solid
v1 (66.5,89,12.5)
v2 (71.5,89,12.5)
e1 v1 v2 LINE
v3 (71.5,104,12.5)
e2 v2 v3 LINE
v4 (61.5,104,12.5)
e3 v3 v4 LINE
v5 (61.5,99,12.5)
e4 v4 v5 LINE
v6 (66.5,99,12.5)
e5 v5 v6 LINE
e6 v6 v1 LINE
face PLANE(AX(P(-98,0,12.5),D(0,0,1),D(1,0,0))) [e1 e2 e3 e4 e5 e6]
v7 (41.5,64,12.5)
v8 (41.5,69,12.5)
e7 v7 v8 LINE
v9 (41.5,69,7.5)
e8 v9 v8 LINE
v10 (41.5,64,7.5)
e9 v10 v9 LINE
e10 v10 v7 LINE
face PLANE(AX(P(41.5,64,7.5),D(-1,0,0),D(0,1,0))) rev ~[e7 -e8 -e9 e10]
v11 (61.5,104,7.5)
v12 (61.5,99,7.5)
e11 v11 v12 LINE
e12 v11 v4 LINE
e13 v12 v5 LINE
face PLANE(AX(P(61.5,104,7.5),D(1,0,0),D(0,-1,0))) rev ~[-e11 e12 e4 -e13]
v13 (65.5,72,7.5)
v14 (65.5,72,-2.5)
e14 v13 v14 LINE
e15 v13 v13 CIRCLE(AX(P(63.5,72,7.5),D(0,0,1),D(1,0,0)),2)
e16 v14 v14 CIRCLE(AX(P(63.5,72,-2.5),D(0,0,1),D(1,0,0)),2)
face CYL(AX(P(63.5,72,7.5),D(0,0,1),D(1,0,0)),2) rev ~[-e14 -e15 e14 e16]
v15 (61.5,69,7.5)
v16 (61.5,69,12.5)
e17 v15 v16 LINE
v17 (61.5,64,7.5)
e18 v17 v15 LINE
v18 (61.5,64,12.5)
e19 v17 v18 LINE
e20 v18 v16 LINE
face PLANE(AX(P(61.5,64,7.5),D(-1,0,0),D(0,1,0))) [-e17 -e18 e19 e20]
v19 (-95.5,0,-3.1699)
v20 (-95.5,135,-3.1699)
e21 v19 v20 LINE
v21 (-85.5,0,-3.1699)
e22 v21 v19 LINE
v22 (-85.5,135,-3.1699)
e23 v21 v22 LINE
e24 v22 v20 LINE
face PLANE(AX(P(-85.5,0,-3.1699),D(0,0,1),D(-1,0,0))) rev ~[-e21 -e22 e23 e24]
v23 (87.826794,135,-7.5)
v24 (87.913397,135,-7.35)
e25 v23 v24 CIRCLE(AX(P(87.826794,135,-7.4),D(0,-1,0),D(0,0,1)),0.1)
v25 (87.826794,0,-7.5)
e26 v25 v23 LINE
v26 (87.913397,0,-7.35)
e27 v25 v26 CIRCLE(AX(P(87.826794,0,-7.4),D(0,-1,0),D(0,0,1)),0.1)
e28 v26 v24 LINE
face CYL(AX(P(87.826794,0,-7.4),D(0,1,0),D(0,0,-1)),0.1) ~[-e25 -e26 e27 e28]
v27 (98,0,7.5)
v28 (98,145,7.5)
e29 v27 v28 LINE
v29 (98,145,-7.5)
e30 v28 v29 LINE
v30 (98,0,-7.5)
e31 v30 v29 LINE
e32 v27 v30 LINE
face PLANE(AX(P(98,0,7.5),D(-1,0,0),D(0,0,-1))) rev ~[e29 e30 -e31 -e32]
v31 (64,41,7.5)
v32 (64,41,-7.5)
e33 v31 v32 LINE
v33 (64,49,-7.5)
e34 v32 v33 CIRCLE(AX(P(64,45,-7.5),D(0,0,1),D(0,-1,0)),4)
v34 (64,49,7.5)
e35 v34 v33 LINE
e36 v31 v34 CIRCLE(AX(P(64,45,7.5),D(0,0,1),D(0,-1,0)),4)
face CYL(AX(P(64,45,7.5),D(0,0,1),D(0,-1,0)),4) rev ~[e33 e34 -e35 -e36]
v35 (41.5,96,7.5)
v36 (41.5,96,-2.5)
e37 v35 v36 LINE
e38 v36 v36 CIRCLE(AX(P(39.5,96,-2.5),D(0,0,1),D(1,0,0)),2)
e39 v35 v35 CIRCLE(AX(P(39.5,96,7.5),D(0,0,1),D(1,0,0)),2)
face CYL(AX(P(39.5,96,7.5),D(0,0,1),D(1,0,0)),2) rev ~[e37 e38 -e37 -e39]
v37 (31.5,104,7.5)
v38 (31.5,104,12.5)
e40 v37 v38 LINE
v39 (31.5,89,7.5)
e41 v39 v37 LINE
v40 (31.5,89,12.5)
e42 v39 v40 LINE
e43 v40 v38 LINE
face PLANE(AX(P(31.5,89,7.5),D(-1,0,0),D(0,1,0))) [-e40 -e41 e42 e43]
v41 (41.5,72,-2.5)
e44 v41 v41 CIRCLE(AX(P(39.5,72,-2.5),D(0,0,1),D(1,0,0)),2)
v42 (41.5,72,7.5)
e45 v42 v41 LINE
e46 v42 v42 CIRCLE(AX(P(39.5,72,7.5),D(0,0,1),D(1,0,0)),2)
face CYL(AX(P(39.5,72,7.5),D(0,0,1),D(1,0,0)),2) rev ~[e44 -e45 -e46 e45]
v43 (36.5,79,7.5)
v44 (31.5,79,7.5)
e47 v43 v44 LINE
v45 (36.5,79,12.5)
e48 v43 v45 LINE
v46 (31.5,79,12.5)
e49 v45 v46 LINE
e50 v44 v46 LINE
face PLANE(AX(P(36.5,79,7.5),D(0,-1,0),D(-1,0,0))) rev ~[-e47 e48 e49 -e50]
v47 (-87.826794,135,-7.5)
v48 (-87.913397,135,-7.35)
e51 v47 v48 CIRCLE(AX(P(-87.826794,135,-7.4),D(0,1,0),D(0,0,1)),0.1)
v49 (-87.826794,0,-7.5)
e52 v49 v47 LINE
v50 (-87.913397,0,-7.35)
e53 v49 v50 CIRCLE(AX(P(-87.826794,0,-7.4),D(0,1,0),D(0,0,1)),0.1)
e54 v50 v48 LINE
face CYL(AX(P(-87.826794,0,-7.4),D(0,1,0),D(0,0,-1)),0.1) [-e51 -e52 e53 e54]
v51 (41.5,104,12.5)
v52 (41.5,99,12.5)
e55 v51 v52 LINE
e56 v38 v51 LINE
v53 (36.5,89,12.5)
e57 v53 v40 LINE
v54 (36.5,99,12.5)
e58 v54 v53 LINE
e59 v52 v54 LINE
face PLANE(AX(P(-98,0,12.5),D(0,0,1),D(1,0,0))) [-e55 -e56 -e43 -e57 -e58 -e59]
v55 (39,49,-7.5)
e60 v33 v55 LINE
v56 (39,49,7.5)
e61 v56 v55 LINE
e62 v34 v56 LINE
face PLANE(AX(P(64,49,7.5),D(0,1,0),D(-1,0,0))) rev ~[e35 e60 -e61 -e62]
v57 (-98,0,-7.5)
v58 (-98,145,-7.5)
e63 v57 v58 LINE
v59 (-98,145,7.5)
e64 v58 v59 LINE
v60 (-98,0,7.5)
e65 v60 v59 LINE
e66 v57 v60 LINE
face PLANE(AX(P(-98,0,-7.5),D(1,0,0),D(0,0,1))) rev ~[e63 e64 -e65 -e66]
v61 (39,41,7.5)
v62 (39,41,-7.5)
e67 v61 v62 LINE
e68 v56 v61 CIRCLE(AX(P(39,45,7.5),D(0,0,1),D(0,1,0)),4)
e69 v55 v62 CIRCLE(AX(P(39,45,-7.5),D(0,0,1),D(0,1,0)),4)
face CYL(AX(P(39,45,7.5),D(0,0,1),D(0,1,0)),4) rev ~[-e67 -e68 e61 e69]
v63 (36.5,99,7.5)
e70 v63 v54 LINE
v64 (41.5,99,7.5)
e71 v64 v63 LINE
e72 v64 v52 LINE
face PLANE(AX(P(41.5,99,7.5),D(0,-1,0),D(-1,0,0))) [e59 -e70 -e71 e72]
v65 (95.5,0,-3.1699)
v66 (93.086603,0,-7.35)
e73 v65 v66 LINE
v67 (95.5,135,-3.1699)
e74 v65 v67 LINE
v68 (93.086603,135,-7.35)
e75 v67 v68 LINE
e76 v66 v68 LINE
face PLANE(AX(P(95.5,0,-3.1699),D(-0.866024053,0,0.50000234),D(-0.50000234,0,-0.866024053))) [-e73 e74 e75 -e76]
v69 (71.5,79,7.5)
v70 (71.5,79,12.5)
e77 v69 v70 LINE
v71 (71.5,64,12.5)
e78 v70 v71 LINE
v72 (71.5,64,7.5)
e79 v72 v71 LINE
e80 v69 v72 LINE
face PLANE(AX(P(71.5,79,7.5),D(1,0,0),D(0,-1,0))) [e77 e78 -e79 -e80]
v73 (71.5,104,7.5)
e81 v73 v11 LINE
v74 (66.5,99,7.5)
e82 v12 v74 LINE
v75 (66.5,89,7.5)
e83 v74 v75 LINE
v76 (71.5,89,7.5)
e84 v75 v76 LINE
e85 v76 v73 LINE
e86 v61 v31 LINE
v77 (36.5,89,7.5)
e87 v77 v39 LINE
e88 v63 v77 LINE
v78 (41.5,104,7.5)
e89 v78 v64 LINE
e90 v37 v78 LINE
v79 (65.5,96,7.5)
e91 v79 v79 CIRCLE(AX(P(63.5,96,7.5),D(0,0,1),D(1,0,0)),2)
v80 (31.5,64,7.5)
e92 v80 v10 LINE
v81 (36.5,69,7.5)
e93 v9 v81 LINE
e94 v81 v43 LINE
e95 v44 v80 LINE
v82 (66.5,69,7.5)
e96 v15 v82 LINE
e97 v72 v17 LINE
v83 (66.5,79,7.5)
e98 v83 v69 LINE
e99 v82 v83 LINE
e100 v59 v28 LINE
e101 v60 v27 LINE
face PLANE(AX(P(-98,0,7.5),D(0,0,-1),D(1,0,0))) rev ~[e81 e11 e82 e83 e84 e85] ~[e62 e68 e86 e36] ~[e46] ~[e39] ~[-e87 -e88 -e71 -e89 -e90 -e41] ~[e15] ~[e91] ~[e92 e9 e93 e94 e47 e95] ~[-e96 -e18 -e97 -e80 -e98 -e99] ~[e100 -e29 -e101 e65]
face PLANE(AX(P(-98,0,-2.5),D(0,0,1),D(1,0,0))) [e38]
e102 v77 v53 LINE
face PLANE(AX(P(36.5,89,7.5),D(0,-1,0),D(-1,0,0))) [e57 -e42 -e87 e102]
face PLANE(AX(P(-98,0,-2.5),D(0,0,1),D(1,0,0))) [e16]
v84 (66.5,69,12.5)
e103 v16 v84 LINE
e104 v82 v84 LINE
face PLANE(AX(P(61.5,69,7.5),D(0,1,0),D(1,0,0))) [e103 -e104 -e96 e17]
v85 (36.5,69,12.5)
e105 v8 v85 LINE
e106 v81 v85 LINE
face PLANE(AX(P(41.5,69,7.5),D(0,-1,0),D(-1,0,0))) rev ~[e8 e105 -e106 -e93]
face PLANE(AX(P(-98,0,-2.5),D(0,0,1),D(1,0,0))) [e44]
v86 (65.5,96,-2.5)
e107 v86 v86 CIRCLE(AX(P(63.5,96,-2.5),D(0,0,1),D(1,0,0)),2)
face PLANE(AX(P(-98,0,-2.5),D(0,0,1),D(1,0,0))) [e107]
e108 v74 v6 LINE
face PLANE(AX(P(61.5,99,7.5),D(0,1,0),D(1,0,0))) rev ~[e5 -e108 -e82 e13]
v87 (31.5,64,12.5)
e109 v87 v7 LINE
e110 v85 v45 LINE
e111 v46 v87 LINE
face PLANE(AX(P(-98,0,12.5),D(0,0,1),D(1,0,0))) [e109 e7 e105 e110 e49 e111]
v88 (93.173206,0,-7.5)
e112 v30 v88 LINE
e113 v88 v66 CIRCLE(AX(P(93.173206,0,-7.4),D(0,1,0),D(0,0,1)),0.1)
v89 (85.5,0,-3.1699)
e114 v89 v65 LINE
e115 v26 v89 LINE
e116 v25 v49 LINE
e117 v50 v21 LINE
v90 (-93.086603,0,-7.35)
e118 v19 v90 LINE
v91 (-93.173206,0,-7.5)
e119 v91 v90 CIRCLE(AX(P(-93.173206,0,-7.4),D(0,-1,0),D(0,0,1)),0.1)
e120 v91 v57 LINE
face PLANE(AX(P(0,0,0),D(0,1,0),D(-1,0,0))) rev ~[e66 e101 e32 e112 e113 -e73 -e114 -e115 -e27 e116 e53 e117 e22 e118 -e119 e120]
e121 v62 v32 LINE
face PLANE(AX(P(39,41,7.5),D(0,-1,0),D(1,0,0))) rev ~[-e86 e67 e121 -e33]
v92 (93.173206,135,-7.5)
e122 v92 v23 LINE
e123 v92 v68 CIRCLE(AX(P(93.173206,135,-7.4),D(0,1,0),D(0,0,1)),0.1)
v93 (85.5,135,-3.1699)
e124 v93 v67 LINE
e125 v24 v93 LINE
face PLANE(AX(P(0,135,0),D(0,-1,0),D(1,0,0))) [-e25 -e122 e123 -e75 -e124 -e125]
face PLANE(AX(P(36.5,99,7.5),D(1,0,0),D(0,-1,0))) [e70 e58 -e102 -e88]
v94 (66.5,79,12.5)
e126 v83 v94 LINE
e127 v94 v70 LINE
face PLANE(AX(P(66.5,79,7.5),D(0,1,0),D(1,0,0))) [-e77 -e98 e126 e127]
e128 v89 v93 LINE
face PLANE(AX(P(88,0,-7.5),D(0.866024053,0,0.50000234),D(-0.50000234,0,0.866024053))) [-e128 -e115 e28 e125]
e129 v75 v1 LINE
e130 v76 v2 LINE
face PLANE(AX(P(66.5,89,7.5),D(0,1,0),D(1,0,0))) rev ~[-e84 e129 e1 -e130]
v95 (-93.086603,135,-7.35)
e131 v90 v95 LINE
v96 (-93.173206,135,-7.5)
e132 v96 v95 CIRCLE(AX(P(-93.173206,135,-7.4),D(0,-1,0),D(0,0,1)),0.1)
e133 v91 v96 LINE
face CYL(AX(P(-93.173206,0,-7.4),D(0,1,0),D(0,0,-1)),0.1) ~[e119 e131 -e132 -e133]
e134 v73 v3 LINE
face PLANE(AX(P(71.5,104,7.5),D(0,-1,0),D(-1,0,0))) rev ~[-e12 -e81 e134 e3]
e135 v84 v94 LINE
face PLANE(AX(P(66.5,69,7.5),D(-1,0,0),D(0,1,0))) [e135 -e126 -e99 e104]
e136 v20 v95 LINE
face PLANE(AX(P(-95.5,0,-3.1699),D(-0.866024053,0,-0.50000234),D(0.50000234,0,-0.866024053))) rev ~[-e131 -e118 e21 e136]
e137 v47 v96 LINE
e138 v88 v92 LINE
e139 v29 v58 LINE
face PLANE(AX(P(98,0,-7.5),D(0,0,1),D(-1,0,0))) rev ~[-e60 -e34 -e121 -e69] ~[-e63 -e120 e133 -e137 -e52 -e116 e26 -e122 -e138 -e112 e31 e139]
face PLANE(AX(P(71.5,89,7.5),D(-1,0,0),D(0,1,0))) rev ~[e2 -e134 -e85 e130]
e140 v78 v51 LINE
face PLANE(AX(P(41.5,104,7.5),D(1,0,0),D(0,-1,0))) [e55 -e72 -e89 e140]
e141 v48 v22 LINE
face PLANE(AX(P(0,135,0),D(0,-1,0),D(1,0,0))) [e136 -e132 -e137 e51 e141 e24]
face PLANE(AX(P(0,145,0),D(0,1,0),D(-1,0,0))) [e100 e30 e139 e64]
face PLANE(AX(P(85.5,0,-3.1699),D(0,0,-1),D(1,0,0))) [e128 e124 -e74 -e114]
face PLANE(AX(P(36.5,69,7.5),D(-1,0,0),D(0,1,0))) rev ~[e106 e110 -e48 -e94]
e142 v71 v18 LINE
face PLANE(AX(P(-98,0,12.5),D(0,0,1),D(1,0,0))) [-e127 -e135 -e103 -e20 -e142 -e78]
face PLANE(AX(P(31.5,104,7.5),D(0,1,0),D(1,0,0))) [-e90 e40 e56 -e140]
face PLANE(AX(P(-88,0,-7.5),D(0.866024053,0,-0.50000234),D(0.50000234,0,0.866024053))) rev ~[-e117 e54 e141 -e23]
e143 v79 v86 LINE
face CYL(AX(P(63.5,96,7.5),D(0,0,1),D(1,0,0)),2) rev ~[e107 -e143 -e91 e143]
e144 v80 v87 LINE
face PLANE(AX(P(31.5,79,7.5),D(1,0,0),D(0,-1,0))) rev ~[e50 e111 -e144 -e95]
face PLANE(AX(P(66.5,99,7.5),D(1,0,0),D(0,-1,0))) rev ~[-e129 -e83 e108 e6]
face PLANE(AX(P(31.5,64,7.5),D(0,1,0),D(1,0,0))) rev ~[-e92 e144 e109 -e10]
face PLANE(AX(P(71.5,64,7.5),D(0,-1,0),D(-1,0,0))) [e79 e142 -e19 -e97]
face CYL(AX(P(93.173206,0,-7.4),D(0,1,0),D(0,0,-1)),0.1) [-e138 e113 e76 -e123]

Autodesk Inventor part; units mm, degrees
ref_plane "YZ Plane" through (0, 0, 0) normal (1, 0, 0) x (0, 1, 0)
ref_plane "XZ Plane" through (0, 0, 0) normal (0, 1, 0) x (-1, 0, 0)
ref_plane "XY Plane" through (0, 0, 0) normal (0, 0, 1) x (1, 0, 0)
sketch "Boceto1" plane through (0, 0, 0) normal (0, 1, 0) x (-1, 0, 0)
  line L0 (-98, -7.5) -> (98, -7.5)
  line L1 (98, -7.5) -> (98, 7.5)
  line L2 (98, 7.5) -> (-98, 7.5)
  line L3 (-98, 7.5) -> (-98, -7.5)
  line L4 (-98, -7.5) -> (98, 7.5) construction
  line L5 (98, -7.5) -> (-98, 7.5) construction
  point P0 (0, 0)
  dimension "d0" = 196
  dimension "d1" = 15
extrude "Extrusión1" add sketch "Boceto1" along normal blind 145
sketch "Boceto3" plane through (0, 0, 0) normal (0, -1, 0) x (1, 0, 0)
  line L0 (-98, -7.5) -> (-98, 7.5) projected
  line L1 (-98, -7.5) -> (-98, 7.5) projected
  line L2 (-98, 7.5) -> (98, 7.5) projected
  line L3 (-98, 7.5) -> (98, 7.5) projected
  line L4 (98, 7.5) -> (98, -7.5) projected
  line L5 (98, 7.5) -> (98, -7.5) projected
  line L6 (98, -7.5) -> (-98, -7.5) projected
  line L7 (98, -7.5) -> (-98, -7.5) projected
  line L8 (-98, -7.5) -> (-98, 7.5) projected
  line L9 (98, -7.5) -> (-98, -7.5) projected
  line L10 (98, 7.5) -> (98, -7.5) projected
  line L11 (-98, 7.5) -> (98, 7.5) projected
  line L12 (-98, -7.5) -> (-98, 7.5) projected
  line L13 (-98, 7.5) -> (98, 7.5) projected
  line L14 (98, 7.5) -> (98, -7.5) projected
  line L15 (98, -7.5) -> (-98, -7.5) projected
  line L16 (-98, -7.5) -> (-98, 7.5) projected
  line L17 (-98, -7.5) -> (-98, 7.5) projected
  line L18 (-98, 7.5) -> (98, 7.5) projected
  line L19 (-98, 7.5) -> (98, 7.5) projected
  line L20 (98, 7.5) -> (98, -7.5) projected
  line L21 (98, 7.5) -> (98, -7.5) projected
  line L22 (98, -7.5) -> (-98, -7.5) projected
  line L23 (98, -7.5) -> (-98, -7.5) projected
  line L24 (98, -7.5) -> (-98, -7.5) projected
  line L25 (-98, -7.5) -> (-98, 7.5) projected
  line L26 (-98, 7.5) -> (98, 7.5) projected
  line L27 (98, 7.5) -> (98, -7.5) projected
  line L28 (98, -7.5) -> (-98, 7.5) construction
  line L29 (-98, -7.5) -> (98, 7.5) construction
  line L30 (90.5, 7.5) -> (90.5, -7.5) construction
  line L31 (88, -7.5) -> (93, -7.5)
  line L32 (88, -7.5) -> (85.5, -3.1699)
  line L33 (85.5, -3.1699) -> (95.5, -3.1699)
  line L34 (95.5, -3.1699) -> (93, -7.5)
  line L35 (0, 7.5) -> (0, -7.5) construction
  line L36 (-88, -7.5) -> (-85.5, -3.1699)
  line L37 (-85.5, -3.1699) -> (-95.5, -3.1699)
  line L38 (-95.5, -3.1699) -> (-93, -7.5)
  point P0 (0, 0)
  point P1 (0, 0)
  point P2 (98, 0)
  dimension "d8" = 7.5
  dimension "d9" = 5
  dimension "d10" = 10
  dimension "d12" = 60
extrude "Extrusión2" cut sketch "Boceto3" against normal blind 135 contours L38 L37 L36 L6 | L32 L33 L34 L6
sketch "Boceto4" plane through (-98, 0, 7.5) normal (0, 0, 1) x (1, 0, 0)
  line L0 (0, 0) -> (0, 145) projected
  line L1 (0, 45) -> (196, 45) construction
  line L2 (196, 0) -> (196, 145) projected
  line L3 (0, 0) -> (196, 0) projected
  line L4 (162, 45) -> (137, 45) construction
  line L5 (162, 49) -> (137, 49)
  line L6 (137, 41) -> (162, 41)
  arc A0 (162, 41) -> (162, 49) centre (162, 45) ccw
  arc A1 (137, 49) -> (137, 41) centre (137, 45) ccw
  line L7 (149.5, 45) -> (149.5, 84) construction
  line L8 (164.5, 69) -> (134.5, 69) construction
  line L9 (134.5, 69) -> (134.5, 99) construction
  line L10 (134.5, 99) -> (164.5, 99) construction
  line L11 (164.5, 99) -> (164.5, 69) construction
  line L12 (164.5, 69) -> (134.5, 99) construction
  line L13 (134.5, 69) -> (164.5, 99) construction
  line L14 (137.5, 72) -> (161.5, 72) construction
  line L15 (161.5, 72) -> (161.5, 96) construction
  line L16 (161.5, 96) -> (137.5, 96) construction
  line L17 (137.5, 96) -> (137.5, 72) construction
  circle A2 centre (161.5, 96) radius 2
  circle A3 centre (137.5, 96) radius 2
  circle A4 centre (161.5, 72) radius 2
  circle A5 centre (137.5, 72) radius 2
  line L18 (134.5, 69) -> (134.5, 79)
  line L19 (134.5, 79) -> (129.5, 79)
  line L20 (129.5, 79) -> (129.5, 64)
  line L21 (129.5, 64) -> (139.5, 64)
  line L22 (139.5, 64) -> (139.5, 69)
  line L23 (139.5, 69) -> (134.5, 69)
  line L24 (149.5, 84) -> (134.5, 84) construction
  line L25 (134.5, 99) -> (134.5, 89)
  line L26 (134.5, 89) -> (129.5, 89)
  line L27 (129.5, 89) -> (129.5, 104)
  line L28 (129.5, 104) -> (139.5, 104)
  line L29 (139.5, 104) -> (139.5, 99)
  line L30 (139.5, 99) -> (134.5, 99)
  line L31 (164.5, 69) -> (164.5, 79)
  line L32 (164.5, 79) -> (169.5, 79)
  line L33 (169.5, 79) -> (169.5, 64)
  line L34 (169.5, 64) -> (159.5, 64)
  line L35 (159.5, 64) -> (159.5, 69)
  line L36 (159.5, 69) -> (164.5, 69)
  line L37 (164.5, 89) -> (169.5, 89)
  line L38 (169.5, 89) -> (169.5, 104)
  line L39 (164.5, 99) -> (164.5, 89)
  line L40 (169.5, 104) -> (159.5, 104)
  line L41 (159.5, 104) -> (159.5, 99)
  line L42 (159.5, 99) -> (164.5, 99)
  point P0 (98, 0)
  point P1 (166, 45)
  dimension "d15" = 45
  dimension "d16" = 8
  dimension "d17" = 25
  dimension "d18" = 30
  dimension "d22" = 39
  dimension "d23" = 30
  dimension "d24" = 30
  dimension "d25" = 3
  dimension "d27" = 4
  dimension "d28" = 4
  dimension "d29" = 4
  dimension "d30" = 4
  dimension "d31" = 10
  dimension "d32" = 5
  dimension "d33" = 5
  dimension "d34" = 5
extrude "Extrusión3" cut sketch "Boceto4" against normal through all contours A0 L6 A1 L5
fillet "Empalme1" radius 0.1 4 edges at (93, 67.5, -7.5) (88, 67.5, -7.5) (-88, 67.5, -7.5) (-93, 67.5, -7.5)
extrude "Extrusión4" cut sketch "Boceto4" against normal blind 10 contours A2 | A3 | A4 | A5
extrude "Extrusión5" add sketch "Boceto4" along normal blind 5 contours L23 L22 L21 L20 L19 L18 | L25 L26 L27 L28 L29 L30 | L31 L32 L33 L34 L35 L36 | L39 L42 L41 L40 L38 L37
equation "\"d27\" = d28"
equation "\"d29\" = d28"
equation "\"d30\" = d28"
properties part number "Tapa_frontal"
